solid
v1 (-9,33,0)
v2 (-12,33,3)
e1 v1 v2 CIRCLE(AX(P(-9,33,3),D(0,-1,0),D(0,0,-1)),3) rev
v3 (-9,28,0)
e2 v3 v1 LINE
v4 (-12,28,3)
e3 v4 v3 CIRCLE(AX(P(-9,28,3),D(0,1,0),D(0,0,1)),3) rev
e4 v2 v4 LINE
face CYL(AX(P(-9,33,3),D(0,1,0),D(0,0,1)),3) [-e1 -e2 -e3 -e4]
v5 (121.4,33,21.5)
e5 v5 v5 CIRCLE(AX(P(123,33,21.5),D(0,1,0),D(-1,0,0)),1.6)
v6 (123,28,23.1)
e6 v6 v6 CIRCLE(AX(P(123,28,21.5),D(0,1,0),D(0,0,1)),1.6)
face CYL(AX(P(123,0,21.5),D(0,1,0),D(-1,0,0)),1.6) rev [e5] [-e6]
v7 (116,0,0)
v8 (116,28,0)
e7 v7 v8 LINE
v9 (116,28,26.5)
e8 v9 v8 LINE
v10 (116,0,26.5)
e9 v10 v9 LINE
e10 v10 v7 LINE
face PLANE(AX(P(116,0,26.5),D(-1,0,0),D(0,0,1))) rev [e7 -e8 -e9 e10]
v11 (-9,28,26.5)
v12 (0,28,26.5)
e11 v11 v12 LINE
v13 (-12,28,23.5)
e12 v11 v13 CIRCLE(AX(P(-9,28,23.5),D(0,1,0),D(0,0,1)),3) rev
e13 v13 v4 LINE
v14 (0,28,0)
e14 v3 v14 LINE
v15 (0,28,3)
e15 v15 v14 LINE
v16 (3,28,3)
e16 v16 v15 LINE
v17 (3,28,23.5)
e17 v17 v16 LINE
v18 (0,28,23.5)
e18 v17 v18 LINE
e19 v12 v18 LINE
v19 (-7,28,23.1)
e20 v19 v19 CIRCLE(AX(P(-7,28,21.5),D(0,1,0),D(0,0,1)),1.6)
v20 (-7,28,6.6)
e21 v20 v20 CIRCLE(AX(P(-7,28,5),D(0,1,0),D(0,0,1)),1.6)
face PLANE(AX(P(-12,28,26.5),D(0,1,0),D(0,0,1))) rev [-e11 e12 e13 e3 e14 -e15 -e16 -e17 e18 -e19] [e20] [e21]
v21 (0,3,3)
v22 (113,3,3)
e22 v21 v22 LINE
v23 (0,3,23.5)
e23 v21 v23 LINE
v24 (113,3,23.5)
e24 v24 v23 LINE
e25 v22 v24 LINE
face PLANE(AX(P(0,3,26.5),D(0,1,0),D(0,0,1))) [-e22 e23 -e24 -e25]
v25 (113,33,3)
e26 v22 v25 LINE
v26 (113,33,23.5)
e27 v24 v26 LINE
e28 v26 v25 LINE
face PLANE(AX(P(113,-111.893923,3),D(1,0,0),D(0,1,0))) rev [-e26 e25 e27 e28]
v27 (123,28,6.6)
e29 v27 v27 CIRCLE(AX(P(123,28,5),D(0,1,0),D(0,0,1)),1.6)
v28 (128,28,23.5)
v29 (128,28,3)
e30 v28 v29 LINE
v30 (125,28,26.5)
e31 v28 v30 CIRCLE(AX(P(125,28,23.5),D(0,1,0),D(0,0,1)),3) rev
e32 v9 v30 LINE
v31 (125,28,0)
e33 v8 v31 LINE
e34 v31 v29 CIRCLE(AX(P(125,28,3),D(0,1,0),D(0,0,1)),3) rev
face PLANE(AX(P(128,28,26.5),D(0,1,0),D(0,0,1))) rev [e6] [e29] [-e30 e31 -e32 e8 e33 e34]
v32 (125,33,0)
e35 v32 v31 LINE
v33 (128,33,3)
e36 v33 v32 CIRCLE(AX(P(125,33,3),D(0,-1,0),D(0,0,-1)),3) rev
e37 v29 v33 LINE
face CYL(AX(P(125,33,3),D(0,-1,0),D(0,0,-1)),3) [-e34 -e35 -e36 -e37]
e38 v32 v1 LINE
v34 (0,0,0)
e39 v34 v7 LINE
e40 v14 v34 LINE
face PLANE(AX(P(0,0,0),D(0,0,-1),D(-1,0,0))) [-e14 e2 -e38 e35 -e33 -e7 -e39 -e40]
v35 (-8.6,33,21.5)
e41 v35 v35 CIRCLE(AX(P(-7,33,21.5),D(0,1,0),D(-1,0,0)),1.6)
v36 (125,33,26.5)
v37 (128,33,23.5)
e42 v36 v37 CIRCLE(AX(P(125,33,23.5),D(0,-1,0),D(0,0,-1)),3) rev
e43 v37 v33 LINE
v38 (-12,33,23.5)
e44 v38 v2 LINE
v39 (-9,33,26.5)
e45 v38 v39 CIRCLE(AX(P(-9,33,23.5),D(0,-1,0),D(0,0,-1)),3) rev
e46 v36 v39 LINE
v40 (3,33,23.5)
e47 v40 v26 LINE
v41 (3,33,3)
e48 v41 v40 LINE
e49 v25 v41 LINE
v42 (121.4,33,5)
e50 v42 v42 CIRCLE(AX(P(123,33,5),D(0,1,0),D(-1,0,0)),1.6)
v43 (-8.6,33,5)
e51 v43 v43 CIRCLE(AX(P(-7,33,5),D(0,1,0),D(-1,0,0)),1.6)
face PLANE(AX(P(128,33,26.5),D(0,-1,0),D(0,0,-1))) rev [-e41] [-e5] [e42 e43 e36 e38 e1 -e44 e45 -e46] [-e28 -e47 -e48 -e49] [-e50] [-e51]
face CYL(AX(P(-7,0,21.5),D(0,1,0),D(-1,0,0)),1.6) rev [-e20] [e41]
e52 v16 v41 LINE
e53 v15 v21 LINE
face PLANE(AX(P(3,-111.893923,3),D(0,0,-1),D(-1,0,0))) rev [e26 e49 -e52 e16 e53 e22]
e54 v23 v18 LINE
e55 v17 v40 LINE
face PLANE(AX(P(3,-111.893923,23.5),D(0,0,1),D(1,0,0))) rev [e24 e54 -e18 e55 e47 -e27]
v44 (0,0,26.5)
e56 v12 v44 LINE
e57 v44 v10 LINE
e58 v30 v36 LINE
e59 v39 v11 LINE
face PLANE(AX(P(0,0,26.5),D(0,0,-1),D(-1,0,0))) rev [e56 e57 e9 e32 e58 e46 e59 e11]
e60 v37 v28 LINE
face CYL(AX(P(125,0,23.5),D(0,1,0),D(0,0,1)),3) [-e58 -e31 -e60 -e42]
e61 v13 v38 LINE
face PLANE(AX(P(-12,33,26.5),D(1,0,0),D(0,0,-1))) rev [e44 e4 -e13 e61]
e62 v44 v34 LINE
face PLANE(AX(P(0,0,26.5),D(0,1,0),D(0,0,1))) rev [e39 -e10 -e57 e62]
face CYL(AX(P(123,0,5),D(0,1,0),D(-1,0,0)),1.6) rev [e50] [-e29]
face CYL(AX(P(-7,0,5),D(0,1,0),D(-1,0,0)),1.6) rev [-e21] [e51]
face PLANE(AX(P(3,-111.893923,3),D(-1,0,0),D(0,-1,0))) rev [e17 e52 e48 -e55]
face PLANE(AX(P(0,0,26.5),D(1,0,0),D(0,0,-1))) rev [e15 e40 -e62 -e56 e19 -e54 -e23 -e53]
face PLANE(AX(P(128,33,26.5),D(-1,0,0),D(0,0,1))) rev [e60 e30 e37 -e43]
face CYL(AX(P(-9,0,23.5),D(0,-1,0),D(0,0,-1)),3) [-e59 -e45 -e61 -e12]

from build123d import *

# Parameters (mm, degrees)
DODANIE_WYCI_GNI_CIE1_DEPTH = 26.5
SZKIC2_W                    = 110
SZKIC2_H                    = 20.5
WYTNIJ_WYCI_GNI_CIE1_DEPTH  = 30
SZKIC4_W                    = 20.5
SZKIC4_H                    = 25
WYTNIJ_WYCI_GNI_CIE3_DEPTH  = 3
SZKIC5_R                    = 1.6
WYTNIJ_WYCI_GNI_CIE4_DEPTH  = 135.815614823
FILLET1_R                   = 3


with BuildPart() as part:
    # Szkic1 → Dodanie-wyciągnięcie1 (new body)
    with BuildSketch(Plane.XY):
        Polygon((0, 0), (116, 0), (116, 28), (128, 28), (128, 33), (-12, 33), (-12, 28), (0, 28), align=None)
    extrude(amount=DODANIE_WYCI_GNI_CIE1_DEPTH)

    # Szkic2 → Wytnij-wyciągnięcie1 (cut)
    with BuildSketch(Plane(origin=(0, 33, 0), x_dir=(1, 0, 0), z_dir=(0, 1, 0))):
        with Locations((58, -13.25)):
            Rectangle(SZKIC2_W, SZKIC2_H)
    extrude(amount=-WYTNIJ_WYCI_GNI_CIE1_DEPTH, mode=Mode.SUBTRACT)

    # Szkic4 → Wytnij-wyciągnięcie3 (cut)
    with BuildSketch(Plane.ZY):
        with Locations((13.25, 15.5)):
            Rectangle(SZKIC4_W, SZKIC4_H)
    extrude(amount=-WYTNIJ_WYCI_GNI_CIE3_DEPTH, mode=Mode.SUBTRACT)

    # Szkic5 → Wytnij-wyciągnięcie4 (cut, through all)
    with BuildSketch(Plane(origin=(0, 33, 0), x_dir=(1, 0, 0), z_dir=(0, 1, 0))):
        with Locations(Location((-7, -5, 0), (0, 0, 180))):
            Circle(SZKIC5_R)
        with Locations(Location((123, -5, 0), (0, 0, 180))):
            Circle(SZKIC5_R)
        with Locations(Location((123, -21.5, 0), (0, 0, 180))):
            Circle(SZKIC5_R)
        with Locations(Location((-7, -21.5, 0), (0, 0, 180))):
            Circle(SZKIC5_R)
    extrude(amount=-WYTNIJ_WYCI_GNI_CIE4_DEPTH, mode=Mode.SUBTRACT)

    # Fillet1
    fillet1_edges = [part.edges().sort_by_distance(p)[0] for p in [
        (128, 30.5, 26.5),
        (-12, 30.5, 26.5),
        (-12, 30.5, 0),
        (128, 30.5, 0),
    ]]
    fillet(fillet1_edges, radius=FILLET1_R)


solid = part.part
